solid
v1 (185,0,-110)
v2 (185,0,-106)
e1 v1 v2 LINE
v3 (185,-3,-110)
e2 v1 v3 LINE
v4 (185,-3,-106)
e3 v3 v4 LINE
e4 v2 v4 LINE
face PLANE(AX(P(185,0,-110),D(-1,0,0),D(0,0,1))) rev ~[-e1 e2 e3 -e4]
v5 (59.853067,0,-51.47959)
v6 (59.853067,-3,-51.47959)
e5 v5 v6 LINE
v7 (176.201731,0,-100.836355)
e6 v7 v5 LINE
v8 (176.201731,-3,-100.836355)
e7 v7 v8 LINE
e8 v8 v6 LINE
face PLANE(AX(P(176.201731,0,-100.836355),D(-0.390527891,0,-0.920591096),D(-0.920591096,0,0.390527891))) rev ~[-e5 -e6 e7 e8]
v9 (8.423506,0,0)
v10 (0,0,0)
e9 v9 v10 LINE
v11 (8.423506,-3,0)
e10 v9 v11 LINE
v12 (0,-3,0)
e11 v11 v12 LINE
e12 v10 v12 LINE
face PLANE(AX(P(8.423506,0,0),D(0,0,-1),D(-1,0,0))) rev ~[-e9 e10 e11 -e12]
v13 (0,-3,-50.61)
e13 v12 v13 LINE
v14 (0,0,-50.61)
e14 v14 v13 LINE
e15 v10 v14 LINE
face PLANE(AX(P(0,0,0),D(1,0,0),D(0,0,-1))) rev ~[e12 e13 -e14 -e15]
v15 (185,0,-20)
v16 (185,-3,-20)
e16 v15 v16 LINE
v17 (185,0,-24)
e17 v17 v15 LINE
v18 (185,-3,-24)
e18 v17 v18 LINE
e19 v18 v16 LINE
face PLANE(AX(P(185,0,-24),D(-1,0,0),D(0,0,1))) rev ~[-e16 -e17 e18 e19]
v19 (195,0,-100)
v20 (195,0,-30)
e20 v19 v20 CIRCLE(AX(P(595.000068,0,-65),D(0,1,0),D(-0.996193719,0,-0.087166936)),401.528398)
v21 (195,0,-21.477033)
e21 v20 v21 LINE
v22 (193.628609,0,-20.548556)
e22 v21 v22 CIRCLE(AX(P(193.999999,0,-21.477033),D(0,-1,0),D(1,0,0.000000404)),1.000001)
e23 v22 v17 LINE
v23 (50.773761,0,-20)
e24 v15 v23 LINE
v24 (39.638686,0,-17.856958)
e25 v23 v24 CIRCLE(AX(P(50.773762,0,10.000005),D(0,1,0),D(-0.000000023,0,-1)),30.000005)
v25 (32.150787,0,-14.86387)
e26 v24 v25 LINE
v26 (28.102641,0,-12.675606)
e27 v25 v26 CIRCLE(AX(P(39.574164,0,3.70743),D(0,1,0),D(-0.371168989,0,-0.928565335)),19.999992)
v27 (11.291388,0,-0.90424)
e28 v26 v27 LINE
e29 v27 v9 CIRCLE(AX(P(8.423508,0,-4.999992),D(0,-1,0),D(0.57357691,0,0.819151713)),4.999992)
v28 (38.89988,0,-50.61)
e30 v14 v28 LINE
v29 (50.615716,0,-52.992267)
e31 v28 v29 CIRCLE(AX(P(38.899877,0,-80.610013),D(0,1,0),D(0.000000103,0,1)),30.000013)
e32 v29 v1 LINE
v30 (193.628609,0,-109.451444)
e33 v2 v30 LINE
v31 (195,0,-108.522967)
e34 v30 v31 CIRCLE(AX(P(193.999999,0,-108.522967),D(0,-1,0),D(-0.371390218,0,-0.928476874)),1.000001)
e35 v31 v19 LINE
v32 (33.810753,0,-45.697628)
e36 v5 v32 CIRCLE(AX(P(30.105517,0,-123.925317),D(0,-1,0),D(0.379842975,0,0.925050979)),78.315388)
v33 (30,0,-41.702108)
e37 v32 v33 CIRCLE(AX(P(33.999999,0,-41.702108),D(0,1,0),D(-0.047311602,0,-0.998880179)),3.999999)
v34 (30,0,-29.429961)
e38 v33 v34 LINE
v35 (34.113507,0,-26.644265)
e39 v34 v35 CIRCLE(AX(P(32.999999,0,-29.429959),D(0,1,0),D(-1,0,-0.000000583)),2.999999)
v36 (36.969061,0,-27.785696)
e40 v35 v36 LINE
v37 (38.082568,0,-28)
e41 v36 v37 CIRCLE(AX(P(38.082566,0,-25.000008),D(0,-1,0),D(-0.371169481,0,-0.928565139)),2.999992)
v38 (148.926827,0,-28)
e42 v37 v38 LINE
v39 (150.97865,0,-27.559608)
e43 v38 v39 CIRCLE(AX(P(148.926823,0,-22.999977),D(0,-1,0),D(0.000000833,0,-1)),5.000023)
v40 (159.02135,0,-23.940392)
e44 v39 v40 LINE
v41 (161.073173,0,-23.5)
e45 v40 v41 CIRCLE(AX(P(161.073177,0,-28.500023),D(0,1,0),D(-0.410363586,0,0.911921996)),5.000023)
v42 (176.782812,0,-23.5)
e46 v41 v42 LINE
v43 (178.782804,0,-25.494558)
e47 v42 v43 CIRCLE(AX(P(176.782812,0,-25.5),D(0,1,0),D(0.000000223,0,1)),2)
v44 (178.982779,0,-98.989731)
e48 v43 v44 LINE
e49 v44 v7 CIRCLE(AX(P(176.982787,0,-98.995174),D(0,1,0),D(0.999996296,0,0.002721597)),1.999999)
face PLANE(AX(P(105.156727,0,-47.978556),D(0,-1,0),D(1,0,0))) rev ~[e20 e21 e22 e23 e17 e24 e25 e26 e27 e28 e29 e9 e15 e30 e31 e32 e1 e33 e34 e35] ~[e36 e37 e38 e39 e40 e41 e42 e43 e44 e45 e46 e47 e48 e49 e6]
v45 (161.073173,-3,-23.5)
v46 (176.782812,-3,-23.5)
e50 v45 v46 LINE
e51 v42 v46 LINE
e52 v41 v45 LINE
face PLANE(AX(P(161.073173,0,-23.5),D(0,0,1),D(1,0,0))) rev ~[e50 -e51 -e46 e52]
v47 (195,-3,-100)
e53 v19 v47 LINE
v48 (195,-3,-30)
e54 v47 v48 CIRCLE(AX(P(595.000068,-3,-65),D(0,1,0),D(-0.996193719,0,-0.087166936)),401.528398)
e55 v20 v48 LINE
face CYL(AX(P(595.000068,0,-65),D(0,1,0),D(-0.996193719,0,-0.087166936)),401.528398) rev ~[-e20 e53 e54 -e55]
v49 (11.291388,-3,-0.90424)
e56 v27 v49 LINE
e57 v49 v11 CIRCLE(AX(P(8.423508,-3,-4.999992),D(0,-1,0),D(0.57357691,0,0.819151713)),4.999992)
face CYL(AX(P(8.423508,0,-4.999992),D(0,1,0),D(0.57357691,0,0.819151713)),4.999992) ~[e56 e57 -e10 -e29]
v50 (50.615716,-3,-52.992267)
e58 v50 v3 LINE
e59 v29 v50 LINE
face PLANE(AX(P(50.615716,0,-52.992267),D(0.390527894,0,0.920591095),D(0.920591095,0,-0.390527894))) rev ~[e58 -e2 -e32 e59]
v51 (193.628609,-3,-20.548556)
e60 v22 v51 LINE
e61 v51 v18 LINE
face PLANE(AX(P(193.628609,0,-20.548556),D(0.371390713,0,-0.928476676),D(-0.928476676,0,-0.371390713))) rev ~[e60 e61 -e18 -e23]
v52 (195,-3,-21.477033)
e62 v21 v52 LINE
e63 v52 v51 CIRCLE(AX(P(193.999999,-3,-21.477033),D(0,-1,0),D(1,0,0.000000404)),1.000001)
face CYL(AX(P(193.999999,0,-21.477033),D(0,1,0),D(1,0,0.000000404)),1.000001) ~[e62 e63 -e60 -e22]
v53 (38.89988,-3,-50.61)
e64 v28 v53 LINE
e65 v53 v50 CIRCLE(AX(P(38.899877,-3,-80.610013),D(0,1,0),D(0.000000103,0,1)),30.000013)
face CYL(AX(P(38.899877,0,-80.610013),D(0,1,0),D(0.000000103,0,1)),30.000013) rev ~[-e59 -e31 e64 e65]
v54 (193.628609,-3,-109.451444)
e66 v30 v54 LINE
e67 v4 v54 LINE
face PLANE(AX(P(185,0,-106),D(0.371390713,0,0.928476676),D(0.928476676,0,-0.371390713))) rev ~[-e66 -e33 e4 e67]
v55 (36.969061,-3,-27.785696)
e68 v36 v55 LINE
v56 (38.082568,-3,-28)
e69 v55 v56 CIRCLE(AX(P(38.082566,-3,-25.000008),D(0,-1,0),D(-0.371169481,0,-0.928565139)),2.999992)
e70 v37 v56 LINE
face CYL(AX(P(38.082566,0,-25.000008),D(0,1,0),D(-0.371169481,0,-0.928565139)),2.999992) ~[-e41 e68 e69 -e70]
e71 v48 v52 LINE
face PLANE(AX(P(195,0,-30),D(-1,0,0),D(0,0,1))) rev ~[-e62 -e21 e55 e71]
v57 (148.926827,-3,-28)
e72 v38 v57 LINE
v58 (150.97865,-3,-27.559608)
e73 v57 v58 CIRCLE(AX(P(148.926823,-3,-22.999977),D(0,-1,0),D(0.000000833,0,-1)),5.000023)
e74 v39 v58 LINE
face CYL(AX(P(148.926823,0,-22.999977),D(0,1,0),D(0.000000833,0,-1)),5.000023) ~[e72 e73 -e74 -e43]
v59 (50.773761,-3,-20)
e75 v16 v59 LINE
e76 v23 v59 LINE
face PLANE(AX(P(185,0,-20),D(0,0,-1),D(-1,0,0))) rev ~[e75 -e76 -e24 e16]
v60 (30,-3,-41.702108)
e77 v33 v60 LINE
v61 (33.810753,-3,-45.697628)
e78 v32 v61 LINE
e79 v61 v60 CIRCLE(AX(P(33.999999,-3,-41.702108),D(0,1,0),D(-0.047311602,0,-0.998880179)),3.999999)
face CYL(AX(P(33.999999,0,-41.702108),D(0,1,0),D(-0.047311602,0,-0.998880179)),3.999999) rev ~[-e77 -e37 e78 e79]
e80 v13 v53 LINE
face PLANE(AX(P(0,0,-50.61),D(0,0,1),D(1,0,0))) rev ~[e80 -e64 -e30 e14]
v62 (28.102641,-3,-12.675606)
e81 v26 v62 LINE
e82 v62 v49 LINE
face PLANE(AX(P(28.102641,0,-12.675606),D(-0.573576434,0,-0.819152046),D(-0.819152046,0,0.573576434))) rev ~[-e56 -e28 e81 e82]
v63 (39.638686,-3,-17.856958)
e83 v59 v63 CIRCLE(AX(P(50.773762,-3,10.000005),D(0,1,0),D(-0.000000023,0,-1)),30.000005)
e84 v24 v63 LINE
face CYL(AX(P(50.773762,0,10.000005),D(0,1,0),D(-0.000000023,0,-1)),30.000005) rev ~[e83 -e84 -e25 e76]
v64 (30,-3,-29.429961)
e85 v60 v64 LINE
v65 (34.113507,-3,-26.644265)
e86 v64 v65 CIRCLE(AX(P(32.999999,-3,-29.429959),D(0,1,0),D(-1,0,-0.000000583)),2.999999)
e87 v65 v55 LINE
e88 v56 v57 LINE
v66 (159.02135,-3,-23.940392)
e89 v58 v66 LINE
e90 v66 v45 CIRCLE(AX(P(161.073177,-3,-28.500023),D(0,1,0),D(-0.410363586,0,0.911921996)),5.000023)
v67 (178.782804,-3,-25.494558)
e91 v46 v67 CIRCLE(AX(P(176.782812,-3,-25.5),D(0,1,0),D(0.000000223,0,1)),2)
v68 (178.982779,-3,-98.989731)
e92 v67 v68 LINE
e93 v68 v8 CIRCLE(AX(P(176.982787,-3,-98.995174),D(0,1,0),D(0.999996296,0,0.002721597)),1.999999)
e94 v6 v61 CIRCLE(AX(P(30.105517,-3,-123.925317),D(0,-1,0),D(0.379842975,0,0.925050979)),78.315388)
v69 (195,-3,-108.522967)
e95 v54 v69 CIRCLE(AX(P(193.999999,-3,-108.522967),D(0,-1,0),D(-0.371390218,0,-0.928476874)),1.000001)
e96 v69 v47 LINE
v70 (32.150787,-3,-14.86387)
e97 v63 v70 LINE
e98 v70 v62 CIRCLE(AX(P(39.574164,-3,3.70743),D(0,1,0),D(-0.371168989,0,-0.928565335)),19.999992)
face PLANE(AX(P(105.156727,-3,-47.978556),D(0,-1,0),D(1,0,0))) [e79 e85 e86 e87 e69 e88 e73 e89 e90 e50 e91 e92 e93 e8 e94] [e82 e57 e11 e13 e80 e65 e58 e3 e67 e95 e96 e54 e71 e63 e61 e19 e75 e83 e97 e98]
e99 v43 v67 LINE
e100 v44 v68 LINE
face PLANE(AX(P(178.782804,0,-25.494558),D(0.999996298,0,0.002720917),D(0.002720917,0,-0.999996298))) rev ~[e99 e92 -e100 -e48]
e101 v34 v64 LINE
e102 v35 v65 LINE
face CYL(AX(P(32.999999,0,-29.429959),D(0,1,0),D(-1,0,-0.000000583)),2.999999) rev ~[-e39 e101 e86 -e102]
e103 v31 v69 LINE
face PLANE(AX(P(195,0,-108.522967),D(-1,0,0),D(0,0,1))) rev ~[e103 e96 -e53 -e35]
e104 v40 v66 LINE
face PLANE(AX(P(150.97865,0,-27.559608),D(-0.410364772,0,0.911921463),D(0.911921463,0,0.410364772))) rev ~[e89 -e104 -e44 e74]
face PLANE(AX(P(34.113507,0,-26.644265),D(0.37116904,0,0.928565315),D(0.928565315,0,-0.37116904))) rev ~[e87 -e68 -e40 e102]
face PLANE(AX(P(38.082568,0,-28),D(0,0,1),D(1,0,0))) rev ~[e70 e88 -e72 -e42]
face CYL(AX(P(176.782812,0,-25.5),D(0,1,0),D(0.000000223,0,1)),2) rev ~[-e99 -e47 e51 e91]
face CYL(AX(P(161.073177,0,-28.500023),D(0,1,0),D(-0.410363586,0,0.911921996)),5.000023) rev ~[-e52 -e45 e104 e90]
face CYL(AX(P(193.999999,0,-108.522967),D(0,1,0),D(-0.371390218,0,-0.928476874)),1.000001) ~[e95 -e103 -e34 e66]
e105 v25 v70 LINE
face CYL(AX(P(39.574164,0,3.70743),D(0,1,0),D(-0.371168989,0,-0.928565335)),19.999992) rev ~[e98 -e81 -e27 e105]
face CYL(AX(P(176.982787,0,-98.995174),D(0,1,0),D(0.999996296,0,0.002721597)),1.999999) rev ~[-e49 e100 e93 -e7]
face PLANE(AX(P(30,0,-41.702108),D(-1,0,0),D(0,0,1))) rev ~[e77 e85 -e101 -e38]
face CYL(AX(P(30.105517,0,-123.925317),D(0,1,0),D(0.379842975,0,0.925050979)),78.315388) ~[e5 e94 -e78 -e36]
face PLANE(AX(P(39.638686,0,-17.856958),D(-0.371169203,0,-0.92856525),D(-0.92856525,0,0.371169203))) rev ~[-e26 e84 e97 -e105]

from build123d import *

# Parameters (mm, degrees)
F1_DEPTH = 3


with BuildPart() as f1:
    # F0 (on Front) → F1 (new body)
    with BuildSketch(Plane.XZ):
        with BuildLine():
            Line((8.423506, 0), (0, 0))
            Line((0, 0), (0, -50.61))
            Line((0, -50.61), (38.89988, -50.61))
            ThreePointArc((38.89988, -50.61), (44.877672, -51.211599), (50.615716, -52.992267))
            Line((50.615716, -52.992267), (185, -110))
            Line((185, -110), (185, -106))
            Line((185, -106), (193.628609, -109.451444))
            ThreePointArc((193.628609, -109.451444), (194.560629, -109.351034), (195, -108.522967))
            Line((195, -108.522967), (195, -100))
            ThreePointArc((195, -100), (193.47167, -65), (195, -30))
            Line((195, -30), (195, -21.477033))
            ThreePointArc((195, -21.477033), (194.560629, -20.648966), (193.628609, -20.548556))
            Line((193.628609, -20.548556), (185, -24))
            Line((185, -24), (185, -20))
            Line((185, -20), (50.773761, -20))
            ThreePointArc((50.773761, -20), (45.104049, -19.459368), (39.638686, -17.856958))
            Line((39.638686, -17.856958), (32.150787, -14.86387))
            ThreePointArc((32.150787, -14.86387), (30.063568, -13.886554), (28.102641, -12.675606))
            Line((28.102641, -12.675606), (11.291388, -0.90424))
            ThreePointArc((11.291388, -0.90424), (9.927035, -0.231415), (8.423506, 0))
        make_face()
        with BuildLine():
            ThreePointArc((59.853067, -51.47959), (47.07991, -47.471605), (33.810753, -45.697628))
            ThreePointArc((33.810753, -45.697628), (31.105437, -44.462815), (30, -41.702108))
            Line((30, -41.702108), (30, -29.429961))
            ThreePointArc((30, -29.429961), (31.317817, -26.945959), (34.113507, -26.644265))
            Line((34.113507, -26.644265), (36.969061, -27.785696))
            ThreePointArc((36.969061, -27.785696), (37.515597, -27.945937), (38.082568, -28))
            Line((38.082568, -28), (148.926827, -28))
            ThreePointArc((148.926827, -28), (149.976103, -27.888662), (150.97865, -27.559608))
            Line((150.97865, -27.559608), (159.02135, -23.940392))
            ThreePointArc((159.02135, -23.940392), (160.023897, -23.611338), (161.073173, -23.5))
            Line((161.073173, -23.5), (176.782812, -23.5))
            ThreePointArc((176.782812, -23.5), (178.1951, -24.083864), (178.782804, -25.494558))
            Line((178.782804, -25.494558), (178.982779, -98.989731))
            ThreePointArc((178.982779, -98.989731), (178.089112, -100.66132), (176.201731, -100.836355))
            Line((176.201731, -100.836355), (59.853067, -51.47959))
        make_face(mode=Mode.SUBTRACT)
    extrude(amount=F1_DEPTH)


solid = f1.part
